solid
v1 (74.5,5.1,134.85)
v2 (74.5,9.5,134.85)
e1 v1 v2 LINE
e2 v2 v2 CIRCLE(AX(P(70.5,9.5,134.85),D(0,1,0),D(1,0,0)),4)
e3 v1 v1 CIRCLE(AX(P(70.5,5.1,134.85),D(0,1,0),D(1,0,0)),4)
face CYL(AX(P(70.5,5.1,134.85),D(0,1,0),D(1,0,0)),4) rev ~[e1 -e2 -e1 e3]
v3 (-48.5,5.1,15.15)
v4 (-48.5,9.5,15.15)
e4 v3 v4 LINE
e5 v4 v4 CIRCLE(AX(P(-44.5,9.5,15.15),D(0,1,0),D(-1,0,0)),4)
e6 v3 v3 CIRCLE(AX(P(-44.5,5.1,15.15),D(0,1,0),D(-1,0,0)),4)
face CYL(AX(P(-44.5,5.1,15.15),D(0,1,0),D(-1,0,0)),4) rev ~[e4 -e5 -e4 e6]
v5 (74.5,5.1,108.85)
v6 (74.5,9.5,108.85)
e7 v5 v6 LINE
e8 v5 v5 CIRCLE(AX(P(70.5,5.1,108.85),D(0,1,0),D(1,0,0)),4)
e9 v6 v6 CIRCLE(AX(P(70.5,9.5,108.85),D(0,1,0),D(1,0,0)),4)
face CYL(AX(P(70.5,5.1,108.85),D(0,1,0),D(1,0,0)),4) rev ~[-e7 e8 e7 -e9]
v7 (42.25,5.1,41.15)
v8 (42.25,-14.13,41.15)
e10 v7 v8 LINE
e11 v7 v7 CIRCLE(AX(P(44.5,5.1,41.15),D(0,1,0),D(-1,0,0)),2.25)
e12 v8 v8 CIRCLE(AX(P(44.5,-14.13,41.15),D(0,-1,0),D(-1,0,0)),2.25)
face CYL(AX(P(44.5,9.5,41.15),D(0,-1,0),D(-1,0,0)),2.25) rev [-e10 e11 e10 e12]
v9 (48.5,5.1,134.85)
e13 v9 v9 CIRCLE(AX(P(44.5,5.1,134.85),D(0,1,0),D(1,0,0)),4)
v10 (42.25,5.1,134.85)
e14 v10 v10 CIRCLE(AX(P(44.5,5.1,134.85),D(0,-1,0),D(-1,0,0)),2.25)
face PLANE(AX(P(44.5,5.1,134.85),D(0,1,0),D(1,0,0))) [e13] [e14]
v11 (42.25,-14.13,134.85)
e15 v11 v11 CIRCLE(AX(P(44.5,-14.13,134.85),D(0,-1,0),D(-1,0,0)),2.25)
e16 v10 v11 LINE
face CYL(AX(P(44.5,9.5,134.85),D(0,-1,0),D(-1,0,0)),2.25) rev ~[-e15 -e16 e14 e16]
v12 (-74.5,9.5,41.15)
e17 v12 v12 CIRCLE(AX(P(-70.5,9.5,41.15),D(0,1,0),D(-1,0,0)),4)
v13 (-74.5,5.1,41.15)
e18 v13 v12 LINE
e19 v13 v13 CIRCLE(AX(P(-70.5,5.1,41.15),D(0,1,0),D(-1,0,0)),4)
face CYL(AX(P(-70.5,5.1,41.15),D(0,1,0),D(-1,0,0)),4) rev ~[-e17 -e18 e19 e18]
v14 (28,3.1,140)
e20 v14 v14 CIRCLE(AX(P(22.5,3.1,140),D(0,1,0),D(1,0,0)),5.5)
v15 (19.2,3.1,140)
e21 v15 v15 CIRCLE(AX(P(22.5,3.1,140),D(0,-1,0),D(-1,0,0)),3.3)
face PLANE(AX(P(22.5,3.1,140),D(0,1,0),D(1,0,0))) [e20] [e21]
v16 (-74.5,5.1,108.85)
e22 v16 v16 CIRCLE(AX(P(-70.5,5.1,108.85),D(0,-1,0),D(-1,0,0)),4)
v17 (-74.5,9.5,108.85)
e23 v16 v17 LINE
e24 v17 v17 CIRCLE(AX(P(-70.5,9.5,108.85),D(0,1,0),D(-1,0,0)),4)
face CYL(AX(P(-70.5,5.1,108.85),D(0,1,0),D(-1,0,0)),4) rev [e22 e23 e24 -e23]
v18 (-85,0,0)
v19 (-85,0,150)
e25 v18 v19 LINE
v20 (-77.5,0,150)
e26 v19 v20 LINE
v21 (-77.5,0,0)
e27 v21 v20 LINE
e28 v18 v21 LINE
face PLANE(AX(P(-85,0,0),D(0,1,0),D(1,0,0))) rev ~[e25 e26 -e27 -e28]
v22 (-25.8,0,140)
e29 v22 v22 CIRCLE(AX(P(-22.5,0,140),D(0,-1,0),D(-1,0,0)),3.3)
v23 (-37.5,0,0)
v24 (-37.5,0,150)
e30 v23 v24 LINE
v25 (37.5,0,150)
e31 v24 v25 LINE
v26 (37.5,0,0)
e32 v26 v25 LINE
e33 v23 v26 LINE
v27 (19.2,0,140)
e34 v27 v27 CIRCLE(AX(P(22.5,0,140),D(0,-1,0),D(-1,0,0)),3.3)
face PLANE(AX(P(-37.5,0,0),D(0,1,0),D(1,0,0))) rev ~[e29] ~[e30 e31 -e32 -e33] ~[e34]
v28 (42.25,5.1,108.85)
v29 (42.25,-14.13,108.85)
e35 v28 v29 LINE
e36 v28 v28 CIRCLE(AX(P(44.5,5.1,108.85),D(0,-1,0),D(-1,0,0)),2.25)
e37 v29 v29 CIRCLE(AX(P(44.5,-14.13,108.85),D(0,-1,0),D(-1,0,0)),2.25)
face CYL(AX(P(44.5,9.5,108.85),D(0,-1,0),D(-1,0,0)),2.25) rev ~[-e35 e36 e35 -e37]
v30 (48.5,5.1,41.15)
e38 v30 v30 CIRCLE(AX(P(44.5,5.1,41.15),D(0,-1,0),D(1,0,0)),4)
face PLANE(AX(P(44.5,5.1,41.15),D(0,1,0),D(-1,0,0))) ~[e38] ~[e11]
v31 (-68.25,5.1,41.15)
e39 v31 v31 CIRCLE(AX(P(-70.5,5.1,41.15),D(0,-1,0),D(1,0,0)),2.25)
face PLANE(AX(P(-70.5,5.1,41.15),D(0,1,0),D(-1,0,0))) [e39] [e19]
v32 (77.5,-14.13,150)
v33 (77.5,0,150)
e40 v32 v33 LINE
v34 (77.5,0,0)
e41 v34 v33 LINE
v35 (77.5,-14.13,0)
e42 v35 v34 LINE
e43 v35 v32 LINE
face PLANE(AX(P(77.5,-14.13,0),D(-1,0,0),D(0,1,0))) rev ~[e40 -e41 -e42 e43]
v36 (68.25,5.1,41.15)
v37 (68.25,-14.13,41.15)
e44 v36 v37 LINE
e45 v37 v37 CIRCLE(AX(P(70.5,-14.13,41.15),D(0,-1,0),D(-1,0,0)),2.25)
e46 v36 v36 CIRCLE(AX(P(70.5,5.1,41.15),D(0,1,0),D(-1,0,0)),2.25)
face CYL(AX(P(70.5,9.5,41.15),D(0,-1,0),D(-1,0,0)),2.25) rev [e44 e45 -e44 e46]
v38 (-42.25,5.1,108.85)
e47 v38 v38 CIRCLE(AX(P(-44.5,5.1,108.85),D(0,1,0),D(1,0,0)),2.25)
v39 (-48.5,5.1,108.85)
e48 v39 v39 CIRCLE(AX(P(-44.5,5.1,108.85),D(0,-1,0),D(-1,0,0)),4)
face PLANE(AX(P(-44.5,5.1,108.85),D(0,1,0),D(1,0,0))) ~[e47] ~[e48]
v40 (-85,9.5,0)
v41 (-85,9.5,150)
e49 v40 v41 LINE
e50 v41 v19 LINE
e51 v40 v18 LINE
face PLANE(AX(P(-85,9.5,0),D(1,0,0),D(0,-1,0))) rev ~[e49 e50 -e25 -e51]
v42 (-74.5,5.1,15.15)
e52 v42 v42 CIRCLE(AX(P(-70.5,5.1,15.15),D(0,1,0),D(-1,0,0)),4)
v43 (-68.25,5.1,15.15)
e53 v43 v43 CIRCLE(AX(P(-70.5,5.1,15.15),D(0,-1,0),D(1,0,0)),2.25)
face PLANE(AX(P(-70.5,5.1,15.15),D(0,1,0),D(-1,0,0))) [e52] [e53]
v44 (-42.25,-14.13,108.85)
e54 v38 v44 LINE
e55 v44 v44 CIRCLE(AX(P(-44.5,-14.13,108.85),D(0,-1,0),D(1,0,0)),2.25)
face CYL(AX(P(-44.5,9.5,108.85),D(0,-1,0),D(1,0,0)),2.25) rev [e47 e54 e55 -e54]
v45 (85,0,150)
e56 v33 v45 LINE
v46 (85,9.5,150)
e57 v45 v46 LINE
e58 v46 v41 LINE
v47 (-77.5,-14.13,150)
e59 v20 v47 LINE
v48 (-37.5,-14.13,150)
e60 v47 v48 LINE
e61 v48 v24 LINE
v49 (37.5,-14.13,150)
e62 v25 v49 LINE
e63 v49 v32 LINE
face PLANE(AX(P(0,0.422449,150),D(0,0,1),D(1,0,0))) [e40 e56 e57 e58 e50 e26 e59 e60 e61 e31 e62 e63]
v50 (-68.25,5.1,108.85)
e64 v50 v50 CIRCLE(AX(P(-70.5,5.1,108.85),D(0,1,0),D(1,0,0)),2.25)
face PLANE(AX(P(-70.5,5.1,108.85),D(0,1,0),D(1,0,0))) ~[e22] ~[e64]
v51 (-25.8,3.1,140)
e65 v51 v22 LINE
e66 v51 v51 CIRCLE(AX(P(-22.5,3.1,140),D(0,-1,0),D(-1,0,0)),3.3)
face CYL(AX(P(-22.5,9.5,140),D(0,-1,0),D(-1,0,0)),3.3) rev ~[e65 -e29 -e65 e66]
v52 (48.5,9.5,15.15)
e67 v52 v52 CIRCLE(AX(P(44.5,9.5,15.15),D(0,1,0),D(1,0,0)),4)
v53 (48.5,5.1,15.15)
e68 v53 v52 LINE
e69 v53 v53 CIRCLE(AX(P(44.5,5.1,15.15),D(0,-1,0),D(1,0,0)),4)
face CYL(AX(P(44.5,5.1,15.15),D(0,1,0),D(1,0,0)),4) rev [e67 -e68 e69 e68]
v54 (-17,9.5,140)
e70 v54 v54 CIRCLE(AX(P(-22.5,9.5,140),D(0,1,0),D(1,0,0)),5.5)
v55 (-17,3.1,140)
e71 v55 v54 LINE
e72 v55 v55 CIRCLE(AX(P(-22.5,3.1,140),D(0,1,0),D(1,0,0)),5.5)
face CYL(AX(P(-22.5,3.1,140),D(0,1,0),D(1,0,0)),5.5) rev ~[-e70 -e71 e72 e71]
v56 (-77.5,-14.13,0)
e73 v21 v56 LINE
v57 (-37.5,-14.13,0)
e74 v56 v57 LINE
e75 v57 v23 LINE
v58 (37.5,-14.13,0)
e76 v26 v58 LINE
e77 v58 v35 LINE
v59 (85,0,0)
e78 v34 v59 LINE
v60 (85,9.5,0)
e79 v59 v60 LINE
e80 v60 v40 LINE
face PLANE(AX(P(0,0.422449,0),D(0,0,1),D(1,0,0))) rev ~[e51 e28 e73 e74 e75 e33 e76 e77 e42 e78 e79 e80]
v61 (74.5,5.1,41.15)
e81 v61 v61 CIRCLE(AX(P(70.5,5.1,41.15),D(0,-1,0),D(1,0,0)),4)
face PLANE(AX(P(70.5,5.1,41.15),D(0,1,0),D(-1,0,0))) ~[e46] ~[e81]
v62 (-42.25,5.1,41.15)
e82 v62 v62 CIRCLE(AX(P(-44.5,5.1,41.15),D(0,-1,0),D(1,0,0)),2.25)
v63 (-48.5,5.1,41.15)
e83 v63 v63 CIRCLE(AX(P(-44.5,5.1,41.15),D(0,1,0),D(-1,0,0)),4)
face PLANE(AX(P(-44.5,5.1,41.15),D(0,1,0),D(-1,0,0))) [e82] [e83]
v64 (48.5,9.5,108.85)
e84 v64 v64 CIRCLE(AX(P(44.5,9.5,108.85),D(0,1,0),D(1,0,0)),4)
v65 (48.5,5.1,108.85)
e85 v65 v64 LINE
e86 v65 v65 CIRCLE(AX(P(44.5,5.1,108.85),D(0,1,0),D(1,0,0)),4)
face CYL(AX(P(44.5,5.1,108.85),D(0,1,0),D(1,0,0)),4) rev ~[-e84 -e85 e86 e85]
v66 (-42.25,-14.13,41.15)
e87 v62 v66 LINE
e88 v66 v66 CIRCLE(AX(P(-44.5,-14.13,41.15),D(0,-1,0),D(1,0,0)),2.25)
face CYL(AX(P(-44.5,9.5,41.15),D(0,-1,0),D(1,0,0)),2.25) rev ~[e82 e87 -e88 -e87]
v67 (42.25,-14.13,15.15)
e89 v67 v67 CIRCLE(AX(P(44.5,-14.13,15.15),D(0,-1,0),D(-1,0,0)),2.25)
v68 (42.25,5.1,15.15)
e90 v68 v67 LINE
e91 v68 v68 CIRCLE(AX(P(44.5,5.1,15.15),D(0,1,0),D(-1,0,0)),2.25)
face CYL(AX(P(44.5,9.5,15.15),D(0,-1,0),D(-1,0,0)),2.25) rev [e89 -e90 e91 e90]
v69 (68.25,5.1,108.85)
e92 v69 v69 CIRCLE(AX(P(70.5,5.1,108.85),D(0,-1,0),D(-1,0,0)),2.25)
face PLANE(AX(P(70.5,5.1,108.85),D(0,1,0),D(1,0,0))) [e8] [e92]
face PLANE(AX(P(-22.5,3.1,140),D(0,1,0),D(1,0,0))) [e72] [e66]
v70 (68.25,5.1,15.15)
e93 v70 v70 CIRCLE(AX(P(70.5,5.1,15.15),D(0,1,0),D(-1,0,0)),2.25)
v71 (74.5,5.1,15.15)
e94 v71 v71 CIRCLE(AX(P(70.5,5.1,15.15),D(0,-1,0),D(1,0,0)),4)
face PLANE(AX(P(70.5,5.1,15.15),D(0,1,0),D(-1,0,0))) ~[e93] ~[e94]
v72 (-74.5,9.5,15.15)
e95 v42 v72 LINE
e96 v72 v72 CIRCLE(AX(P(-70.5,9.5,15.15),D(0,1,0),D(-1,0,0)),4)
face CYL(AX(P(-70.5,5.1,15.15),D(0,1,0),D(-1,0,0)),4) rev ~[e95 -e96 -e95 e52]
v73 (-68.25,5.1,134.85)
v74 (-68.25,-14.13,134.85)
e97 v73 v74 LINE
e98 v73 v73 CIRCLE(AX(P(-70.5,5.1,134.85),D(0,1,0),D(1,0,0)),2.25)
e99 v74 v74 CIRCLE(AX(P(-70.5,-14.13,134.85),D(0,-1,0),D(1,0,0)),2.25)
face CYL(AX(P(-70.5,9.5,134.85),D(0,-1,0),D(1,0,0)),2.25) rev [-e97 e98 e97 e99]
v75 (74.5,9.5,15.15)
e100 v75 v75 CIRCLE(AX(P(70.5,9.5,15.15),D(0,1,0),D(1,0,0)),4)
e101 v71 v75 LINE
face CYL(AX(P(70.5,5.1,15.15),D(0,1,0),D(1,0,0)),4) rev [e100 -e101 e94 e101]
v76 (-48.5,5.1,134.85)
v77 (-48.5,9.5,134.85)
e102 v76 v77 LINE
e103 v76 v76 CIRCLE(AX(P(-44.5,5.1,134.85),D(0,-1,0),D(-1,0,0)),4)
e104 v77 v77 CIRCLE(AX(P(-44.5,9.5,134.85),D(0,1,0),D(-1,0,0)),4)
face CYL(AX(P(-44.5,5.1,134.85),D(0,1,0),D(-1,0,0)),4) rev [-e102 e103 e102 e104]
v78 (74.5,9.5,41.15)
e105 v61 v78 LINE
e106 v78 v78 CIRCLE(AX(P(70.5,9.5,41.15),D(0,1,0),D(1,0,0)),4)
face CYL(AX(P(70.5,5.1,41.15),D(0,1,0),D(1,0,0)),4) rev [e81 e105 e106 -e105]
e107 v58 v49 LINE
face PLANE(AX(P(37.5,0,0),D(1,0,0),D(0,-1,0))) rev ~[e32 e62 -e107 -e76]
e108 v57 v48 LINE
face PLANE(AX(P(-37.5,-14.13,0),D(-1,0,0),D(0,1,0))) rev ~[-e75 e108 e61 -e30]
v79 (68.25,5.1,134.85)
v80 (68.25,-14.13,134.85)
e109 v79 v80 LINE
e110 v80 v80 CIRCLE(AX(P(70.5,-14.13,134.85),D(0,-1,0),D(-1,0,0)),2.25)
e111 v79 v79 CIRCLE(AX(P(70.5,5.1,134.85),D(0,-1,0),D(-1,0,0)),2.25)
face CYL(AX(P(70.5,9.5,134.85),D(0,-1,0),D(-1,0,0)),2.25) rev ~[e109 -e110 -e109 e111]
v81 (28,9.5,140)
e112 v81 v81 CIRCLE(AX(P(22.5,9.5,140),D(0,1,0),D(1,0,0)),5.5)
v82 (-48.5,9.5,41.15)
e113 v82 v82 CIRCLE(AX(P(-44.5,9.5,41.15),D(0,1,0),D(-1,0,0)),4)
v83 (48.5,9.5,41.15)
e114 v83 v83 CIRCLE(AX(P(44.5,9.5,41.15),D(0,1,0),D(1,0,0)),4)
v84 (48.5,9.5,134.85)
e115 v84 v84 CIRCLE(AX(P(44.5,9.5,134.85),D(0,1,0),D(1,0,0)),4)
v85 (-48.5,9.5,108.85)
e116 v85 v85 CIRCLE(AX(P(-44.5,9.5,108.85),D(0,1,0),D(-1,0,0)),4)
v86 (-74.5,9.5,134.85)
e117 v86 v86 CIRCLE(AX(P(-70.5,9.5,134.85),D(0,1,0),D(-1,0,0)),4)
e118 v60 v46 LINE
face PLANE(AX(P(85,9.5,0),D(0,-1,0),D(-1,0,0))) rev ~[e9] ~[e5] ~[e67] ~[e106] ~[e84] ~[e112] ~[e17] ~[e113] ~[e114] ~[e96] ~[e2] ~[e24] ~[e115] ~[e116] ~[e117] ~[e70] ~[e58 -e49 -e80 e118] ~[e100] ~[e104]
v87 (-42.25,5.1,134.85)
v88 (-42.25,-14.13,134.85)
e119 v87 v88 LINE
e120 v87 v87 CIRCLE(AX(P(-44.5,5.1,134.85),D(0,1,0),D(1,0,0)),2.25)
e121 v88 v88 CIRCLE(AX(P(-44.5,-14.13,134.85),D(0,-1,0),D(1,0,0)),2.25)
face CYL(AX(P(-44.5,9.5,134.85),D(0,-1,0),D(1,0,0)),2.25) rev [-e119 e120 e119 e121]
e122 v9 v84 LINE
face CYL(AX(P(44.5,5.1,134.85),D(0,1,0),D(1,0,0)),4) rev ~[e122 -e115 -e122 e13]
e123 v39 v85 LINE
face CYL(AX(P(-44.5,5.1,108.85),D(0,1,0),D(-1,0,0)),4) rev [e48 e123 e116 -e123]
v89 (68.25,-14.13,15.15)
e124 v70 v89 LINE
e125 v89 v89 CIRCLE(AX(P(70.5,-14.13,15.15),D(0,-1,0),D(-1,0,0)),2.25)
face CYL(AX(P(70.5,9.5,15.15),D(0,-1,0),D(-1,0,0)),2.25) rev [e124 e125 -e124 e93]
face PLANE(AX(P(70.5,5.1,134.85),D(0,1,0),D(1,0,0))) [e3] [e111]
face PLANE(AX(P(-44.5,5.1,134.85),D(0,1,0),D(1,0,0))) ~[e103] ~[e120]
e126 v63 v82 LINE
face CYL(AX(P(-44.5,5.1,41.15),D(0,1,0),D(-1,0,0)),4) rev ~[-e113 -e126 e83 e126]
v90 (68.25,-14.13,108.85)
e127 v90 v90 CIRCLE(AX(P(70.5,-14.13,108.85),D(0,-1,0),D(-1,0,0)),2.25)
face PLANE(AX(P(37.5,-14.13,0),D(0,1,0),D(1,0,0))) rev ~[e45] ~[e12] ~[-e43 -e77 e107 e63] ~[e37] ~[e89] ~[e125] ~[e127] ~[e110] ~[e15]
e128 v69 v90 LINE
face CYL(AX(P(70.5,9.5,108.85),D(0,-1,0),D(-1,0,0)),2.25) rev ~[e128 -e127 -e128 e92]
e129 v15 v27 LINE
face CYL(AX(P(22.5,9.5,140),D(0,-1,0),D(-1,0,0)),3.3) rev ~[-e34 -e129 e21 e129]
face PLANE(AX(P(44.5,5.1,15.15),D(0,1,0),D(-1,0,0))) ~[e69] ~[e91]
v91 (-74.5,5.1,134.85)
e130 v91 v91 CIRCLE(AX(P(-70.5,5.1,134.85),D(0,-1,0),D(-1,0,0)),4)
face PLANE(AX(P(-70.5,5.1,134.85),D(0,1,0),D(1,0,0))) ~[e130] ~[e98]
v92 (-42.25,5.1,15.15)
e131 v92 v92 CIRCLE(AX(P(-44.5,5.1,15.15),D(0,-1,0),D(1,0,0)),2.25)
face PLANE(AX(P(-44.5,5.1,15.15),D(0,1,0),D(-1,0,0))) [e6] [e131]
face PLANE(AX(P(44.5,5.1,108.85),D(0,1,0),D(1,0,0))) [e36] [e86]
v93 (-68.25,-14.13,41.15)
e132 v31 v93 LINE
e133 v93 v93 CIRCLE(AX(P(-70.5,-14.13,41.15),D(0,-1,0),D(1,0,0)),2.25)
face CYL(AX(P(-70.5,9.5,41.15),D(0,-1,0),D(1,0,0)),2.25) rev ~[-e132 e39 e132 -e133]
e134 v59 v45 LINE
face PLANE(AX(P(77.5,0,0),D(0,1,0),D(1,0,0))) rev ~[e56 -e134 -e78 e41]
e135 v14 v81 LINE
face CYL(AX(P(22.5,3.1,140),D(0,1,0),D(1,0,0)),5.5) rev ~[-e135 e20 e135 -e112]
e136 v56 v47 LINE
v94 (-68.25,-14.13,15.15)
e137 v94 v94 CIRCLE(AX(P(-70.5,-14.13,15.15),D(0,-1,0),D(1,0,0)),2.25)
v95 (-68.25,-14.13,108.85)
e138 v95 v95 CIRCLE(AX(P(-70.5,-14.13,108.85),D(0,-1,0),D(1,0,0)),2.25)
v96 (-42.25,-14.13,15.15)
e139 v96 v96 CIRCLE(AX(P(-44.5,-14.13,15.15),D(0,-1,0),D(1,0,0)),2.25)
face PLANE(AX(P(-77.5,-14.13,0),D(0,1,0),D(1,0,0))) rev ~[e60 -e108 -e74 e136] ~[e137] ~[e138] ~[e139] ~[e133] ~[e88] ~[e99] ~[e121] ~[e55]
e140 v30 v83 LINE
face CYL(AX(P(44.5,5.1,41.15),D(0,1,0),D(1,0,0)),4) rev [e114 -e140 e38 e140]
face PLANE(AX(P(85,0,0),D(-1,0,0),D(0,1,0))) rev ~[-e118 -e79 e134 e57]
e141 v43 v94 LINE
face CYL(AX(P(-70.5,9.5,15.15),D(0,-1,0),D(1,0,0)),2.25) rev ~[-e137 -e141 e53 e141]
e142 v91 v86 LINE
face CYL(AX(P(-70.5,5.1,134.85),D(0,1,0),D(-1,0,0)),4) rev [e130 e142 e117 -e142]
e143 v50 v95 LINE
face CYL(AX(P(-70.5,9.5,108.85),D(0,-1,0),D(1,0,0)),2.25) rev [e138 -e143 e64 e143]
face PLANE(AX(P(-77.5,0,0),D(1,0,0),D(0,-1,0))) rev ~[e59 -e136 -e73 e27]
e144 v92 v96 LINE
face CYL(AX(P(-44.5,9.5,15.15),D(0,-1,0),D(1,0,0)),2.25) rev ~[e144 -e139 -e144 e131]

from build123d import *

# Parameters (mm, degrees)
BOSS_EXTRUDE1_DEPTH                                 = 150
CBORE_FOR_M4_HEX_SOCKET_HEAD_CAP_SCREW1_D           = 4.5
CBORE_FOR_M4_HEX_SOCKET_HEAD_CAP_SCREW1_CBORE_D     = 8
CBORE_FOR_M4_HEX_SOCKET_HEAD_CAP_SCREW1_CBORE_DEPTH = 4.4
MIRROR3_COPY_1_D                                    = 4.5
MIRROR3_COPY_1_CBORE_D                              = 8
MIRROR3_COPY_1_CBORE_DEPTH                          = 4.4
CBORE_FOR_M6_HEX_SOCKET_HEAD_CAP_SCREW1_D           = 6.6
CBORE_FOR_M6_HEX_SOCKET_HEAD_CAP_SCREW1_DEPTH       = 23.63
CBORE_FOR_M6_HEX_SOCKET_HEAD_CAP_SCREW1_CBORE_D     = 11
CBORE_FOR_M6_HEX_SOCKET_HEAD_CAP_SCREW1_CBORE_DEPTH = 6.4


with BuildPart() as part:
    # Sketch1 → Boss-Extrude1 (new body)
    with BuildSketch(Plane.XY):
        Polygon((-37.5, 0), (37.5, 0), (37.5, -14.13), (77.5, -14.13), (77.5, 0), (85, 0), (85, 9.5), (-85, 9.5), (-85, 0), (-77.5, 0), (-77.5, -14.13), (-37.5, -14.13), align=None)
    extrude(amount=BOSS_EXTRUDE1_DEPTH)

    # CBORE for M4 Hex Socket Head Cap Screw1 (through all)
    with Locations(Plane(origin=(-5.289478712, 9.5, 140.046555309), x_dir=(1, 0, 0), z_dir=(0, 1, 0))):
        with Locations((75.789478712, 31.196555309), (49.789478712, 5.196555309), (49.789478712, 31.196555309), (75.789478712, 5.196555309)):
            cbore_for_m4_hex_socket_head_cap_screw1 = CounterBoreHole(CBORE_FOR_M4_HEX_SOCKET_HEAD_CAP_SCREW1_D / 2, CBORE_FOR_M4_HEX_SOCKET_HEAD_CAP_SCREW1_CBORE_D / 2, CBORE_FOR_M4_HEX_SOCKET_HEAD_CAP_SCREW1_CBORE_DEPTH)

    # Mirror2: CBORE for M4 Hex Socket Head Cap Screw1 across plane
    add(cbore_for_m4_hex_socket_head_cap_screw1.mirror(Plane(origin=(0, 0, 0), x_dir=(0, 0, 1), z_dir=(1, 0, 0))), mode=Mode.SUBTRACT)

    # Mirror3: CBORE for M4 Hex Socket Head Cap Screw1 across plane
    add(cbore_for_m4_hex_socket_head_cap_screw1.mirror(Plane.XY.offset(75)), mode=Mode.SUBTRACT)

    # Mirror3 copy 1 (through all)
    with Locations(Plane(origin=(5.289478712, 9.5, 9.953444691), x_dir=(-1, 0, 0), z_dir=(0, 1, 0))):
        with Locations((75.789478712, 31.196555309), (49.789478712, 5.196555309), (49.789478712, 31.196555309), (75.789478712, 5.196555309)):
            CounterBoreHole(MIRROR3_COPY_1_D / 2, MIRROR3_COPY_1_CBORE_D / 2, MIRROR3_COPY_1_CBORE_DEPTH)

    # CBORE for M6 Hex Socket Head Cap Screw1
    with Locations(Plane(origin=(-5.289478712, 9.5, 140.046555309), x_dir=(1, 0, 0), z_dir=(0, 1, 0))):
        with Locations((27.789478712, 0.046555309), (-17.210521288, 0.046555309)):
            CounterBoreHole(CBORE_FOR_M6_HEX_SOCKET_HEAD_CAP_SCREW1_D / 2, CBORE_FOR_M6_HEX_SOCKET_HEAD_CAP_SCREW1_CBORE_D / 2, CBORE_FOR_M6_HEX_SOCKET_HEAD_CAP_SCREW1_CBORE_DEPTH, depth=CBORE_FOR_M6_HEX_SOCKET_HEAD_CAP_SCREW1_DEPTH)


solid = part.part
